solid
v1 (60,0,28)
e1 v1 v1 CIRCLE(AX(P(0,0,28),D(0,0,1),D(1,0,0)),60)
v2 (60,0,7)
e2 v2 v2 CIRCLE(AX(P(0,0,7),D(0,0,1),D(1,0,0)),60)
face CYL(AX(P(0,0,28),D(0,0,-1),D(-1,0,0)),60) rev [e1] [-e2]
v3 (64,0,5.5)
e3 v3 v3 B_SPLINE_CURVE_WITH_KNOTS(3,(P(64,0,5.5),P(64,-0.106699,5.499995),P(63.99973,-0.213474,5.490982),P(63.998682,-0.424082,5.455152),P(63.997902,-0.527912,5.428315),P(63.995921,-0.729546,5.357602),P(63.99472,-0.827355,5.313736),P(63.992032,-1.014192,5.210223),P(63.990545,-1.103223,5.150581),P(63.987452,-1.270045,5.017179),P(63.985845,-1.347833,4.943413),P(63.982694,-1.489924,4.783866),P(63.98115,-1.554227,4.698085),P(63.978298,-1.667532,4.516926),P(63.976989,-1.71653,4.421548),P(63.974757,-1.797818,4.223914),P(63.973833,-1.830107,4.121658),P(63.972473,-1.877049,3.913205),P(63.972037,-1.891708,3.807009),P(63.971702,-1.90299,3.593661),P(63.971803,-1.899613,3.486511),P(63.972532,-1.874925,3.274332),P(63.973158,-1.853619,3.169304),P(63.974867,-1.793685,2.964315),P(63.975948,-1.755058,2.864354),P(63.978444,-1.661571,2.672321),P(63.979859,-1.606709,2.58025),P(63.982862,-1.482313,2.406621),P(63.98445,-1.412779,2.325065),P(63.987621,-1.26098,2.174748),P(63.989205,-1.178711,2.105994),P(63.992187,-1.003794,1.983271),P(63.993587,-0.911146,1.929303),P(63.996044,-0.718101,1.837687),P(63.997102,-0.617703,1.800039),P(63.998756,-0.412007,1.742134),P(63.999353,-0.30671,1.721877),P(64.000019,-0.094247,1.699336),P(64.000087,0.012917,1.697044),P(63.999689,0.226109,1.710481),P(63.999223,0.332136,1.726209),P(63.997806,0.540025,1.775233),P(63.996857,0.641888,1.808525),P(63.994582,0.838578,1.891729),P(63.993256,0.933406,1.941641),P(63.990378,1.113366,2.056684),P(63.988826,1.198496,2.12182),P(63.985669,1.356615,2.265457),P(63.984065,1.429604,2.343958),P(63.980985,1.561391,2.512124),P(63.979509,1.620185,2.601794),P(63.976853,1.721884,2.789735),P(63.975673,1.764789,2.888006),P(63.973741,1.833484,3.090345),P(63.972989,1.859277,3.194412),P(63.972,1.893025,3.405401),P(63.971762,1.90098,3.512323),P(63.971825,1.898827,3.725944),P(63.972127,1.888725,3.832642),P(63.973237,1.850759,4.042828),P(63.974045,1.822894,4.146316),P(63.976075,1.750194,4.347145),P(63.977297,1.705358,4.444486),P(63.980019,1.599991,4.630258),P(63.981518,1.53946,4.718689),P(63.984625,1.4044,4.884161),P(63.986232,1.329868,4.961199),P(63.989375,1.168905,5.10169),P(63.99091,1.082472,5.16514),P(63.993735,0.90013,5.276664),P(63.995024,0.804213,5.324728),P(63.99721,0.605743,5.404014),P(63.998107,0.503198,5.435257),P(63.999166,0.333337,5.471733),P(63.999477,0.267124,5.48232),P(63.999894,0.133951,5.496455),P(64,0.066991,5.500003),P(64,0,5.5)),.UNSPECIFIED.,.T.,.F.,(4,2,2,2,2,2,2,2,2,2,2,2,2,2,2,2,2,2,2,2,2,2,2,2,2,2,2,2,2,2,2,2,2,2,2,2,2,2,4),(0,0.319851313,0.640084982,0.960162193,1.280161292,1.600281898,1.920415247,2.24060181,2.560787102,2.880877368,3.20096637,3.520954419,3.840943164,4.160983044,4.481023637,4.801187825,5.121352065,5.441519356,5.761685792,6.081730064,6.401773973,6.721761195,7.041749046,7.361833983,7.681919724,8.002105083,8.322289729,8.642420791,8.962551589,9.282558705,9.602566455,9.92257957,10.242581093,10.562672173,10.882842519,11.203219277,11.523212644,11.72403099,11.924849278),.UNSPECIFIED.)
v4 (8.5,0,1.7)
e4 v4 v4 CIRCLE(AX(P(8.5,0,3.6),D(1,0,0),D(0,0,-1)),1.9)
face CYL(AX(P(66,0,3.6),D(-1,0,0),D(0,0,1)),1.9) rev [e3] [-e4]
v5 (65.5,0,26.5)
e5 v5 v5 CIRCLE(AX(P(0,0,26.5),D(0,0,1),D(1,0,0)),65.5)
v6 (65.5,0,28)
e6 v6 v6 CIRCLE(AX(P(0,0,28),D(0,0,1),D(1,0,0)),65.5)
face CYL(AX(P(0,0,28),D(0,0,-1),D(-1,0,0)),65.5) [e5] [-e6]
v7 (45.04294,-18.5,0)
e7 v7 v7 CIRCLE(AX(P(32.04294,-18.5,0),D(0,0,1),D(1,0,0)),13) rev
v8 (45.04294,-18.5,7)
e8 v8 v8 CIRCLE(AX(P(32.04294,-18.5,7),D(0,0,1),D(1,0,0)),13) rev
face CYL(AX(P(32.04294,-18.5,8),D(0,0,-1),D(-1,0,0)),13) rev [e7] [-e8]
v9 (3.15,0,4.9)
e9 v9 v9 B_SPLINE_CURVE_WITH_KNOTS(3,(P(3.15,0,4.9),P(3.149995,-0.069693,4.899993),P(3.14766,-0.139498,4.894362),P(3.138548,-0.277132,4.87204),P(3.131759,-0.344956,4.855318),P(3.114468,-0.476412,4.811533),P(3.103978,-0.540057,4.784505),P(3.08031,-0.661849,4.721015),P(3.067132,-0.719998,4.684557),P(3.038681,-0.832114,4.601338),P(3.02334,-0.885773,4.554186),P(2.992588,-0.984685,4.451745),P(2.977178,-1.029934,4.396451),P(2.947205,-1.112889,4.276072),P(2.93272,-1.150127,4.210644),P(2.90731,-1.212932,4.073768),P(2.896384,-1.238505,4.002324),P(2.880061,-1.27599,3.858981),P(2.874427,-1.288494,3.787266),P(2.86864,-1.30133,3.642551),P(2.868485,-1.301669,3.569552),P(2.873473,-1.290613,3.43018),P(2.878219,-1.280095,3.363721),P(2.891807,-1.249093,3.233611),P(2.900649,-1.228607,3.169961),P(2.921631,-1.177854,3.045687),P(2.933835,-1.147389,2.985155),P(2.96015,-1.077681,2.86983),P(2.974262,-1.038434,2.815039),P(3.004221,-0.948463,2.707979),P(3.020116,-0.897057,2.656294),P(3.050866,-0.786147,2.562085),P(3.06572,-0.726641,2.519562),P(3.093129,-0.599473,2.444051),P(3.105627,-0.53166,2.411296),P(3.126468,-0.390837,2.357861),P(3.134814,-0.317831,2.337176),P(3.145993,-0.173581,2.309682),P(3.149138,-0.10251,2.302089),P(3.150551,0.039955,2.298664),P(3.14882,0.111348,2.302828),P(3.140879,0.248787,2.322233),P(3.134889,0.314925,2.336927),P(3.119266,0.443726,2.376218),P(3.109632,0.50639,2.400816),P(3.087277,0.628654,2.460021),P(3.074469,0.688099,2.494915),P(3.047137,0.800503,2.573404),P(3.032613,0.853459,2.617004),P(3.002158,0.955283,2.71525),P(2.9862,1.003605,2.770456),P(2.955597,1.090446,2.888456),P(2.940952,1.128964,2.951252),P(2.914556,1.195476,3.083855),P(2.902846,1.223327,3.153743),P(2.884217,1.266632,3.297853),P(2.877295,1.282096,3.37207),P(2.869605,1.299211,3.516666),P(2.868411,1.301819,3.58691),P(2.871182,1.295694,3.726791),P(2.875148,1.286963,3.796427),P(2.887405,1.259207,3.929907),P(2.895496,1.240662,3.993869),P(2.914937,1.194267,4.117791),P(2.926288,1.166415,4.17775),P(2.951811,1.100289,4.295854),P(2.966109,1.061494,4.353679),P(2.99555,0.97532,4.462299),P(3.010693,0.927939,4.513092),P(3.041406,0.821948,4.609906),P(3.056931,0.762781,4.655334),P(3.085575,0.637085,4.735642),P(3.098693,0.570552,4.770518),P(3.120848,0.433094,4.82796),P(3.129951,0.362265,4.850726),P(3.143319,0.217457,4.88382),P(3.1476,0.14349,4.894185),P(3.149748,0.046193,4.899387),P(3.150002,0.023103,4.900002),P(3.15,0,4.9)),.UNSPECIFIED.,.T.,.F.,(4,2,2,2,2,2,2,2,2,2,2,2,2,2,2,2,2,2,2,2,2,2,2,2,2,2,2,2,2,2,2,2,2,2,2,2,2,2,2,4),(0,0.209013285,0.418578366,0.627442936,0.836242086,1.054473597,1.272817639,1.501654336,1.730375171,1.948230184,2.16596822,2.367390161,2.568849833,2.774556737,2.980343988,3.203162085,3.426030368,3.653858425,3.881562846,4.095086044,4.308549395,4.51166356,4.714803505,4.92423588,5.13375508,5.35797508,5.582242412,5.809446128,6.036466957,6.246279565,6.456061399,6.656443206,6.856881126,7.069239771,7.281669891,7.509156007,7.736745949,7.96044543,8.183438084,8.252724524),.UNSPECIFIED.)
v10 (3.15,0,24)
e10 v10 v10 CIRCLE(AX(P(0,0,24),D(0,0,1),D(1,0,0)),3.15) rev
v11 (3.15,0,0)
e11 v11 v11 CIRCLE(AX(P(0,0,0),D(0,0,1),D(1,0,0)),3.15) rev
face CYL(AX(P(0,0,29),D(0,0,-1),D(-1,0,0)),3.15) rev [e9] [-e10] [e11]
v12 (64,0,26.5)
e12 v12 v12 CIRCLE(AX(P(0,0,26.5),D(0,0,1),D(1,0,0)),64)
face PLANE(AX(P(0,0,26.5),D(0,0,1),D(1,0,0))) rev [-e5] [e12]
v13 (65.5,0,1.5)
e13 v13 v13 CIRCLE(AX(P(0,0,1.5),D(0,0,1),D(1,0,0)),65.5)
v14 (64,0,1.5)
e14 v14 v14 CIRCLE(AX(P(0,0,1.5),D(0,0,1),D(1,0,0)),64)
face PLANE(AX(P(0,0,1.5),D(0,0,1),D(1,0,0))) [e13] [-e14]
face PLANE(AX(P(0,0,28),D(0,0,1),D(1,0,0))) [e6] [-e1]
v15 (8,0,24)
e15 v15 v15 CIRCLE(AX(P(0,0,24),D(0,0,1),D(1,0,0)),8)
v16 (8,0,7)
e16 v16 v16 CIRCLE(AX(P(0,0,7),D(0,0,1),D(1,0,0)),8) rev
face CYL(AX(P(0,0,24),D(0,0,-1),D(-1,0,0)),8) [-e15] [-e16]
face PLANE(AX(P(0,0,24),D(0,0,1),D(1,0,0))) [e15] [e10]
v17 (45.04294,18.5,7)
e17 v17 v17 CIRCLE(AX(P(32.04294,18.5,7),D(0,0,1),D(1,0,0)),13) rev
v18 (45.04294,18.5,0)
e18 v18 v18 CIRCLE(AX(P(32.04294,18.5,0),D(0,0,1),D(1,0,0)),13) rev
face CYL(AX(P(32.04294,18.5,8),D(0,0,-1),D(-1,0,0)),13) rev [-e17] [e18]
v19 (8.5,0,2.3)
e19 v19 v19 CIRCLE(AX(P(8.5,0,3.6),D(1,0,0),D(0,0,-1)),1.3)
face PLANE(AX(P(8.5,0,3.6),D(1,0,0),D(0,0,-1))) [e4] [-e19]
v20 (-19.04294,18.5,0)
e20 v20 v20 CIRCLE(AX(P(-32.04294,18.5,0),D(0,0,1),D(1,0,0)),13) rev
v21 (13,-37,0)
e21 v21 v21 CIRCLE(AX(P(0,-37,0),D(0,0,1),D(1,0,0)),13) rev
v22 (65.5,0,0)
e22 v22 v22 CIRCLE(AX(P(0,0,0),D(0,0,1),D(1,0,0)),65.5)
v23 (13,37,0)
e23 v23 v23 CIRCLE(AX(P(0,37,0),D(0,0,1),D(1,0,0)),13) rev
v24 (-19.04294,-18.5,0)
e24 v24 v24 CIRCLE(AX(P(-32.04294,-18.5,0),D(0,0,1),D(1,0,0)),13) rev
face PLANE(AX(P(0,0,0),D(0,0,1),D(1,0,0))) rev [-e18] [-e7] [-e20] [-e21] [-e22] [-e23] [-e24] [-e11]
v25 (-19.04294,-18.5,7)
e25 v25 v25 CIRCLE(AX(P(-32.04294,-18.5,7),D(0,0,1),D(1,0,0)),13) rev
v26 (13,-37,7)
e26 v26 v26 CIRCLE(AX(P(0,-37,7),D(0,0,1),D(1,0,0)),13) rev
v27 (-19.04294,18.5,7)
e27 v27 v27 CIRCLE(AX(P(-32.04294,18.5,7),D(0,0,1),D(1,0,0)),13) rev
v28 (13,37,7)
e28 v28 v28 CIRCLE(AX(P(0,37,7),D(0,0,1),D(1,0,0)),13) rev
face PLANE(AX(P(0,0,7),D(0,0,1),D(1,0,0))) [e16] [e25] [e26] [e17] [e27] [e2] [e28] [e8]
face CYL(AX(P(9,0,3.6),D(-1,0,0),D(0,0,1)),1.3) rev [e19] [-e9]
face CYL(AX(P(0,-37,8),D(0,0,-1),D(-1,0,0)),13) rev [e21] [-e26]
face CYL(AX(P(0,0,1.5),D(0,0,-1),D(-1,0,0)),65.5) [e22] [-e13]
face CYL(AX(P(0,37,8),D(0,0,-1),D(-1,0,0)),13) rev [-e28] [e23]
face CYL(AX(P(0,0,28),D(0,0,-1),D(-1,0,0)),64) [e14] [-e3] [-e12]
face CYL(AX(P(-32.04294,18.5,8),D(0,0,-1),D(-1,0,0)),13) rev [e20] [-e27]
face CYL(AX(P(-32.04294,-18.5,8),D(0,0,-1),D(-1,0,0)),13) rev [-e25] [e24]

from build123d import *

# Parameters (mm, degrees)
SKETCH1_R              = 64
SKETCH1_R_2            = 60
RIM_DEPTH              = 28
SKETCH2_R              = 65.5
SKETCH2_R_2            = 63
INNER_BEAD_LIP_DEPTH   = 1.5
SKETCH3_R              = 65.5
SKETCH3_R_2            = 63
OUTER_BEAD_LIP_DEPTH   = 1.5
SKETCH4_R              = 61
WEB_DEPTH              = 7
SKETCH5_R              = 8
HUB_BOSS_DEPTH         = 24
SKETCH6_R              = 13
LIGHTENING_HOLES_DEPTH = 9
SKETCH7_R              = 3.15
ROUND_BORE_6MM_DEPTH   = 30
SKETCH8_R              = 1.3
GRUB_SCREW_M3_DEPTH    = 9
SKETCH9_R              = 1.9
GRUB_KEY_ACCESS_DEPTH  = 57.5


with BuildPart() as part:
    # Sketch1 → Rim (new body)
    with BuildSketch(Plane.XY):
        Circle(SKETCH1_R)
        Circle(SKETCH1_R_2, mode=Mode.SUBTRACT)
    extrude(amount=RIM_DEPTH)

    # Sketch2 → Inner_bead_lip (add)
    with BuildSketch(Plane.XY):
        Circle(SKETCH2_R)
        Circle(SKETCH2_R_2, mode=Mode.SUBTRACT)
    extrude(amount=INNER_BEAD_LIP_DEPTH)

    # Sketch3 → Outer_bead_lip (add)
    with BuildSketch(Plane.XY.offset(26.5)):
        Circle(SKETCH3_R)
        Circle(SKETCH3_R_2, mode=Mode.SUBTRACT)
    extrude(amount=OUTER_BEAD_LIP_DEPTH)

    # Sketch4 → Web (add)
    with BuildSketch(Plane.XY):
        Circle(SKETCH4_R)
    extrude(amount=WEB_DEPTH)

    # Sketch5 → Hub_boss (add)
    with BuildSketch(Plane.XY):
        Circle(SKETCH5_R)
    extrude(amount=HUB_BOSS_DEPTH)

    # Sketch6 → Lightening_holes (cut)
    with BuildSketch(Plane.XY.offset(-1)):
        with Locations((32.04293994, 18.5)):
            Circle(SKETCH6_R)
        with Locations((0, 37)):
            Circle(SKETCH6_R)
        with Locations((-32.04293994, 18.5)):
            Circle(SKETCH6_R)
        with Locations((-32.04293994, -18.5)):
            Circle(SKETCH6_R)
        with Locations((0, -37)):
            Circle(SKETCH6_R)
        with Locations((32.04293994, -18.5)):
            Circle(SKETCH6_R)
    extrude(amount=LIGHTENING_HOLES_DEPTH, mode=Mode.SUBTRACT)

    # Sketch7 → Round_bore_6mm (cut)
    with BuildSketch(Plane.XY.offset(-1)):
        Circle(SKETCH7_R)
    extrude(amount=ROUND_BORE_6MM_DEPTH, mode=Mode.SUBTRACT)

    # Sketch8 → Grub_screw_M3 (cut)
    with BuildSketch(Plane(origin=(0, 0, 0), x_dir=(0, 0, -1), z_dir=(1, 0, 0))):
        with Locations((-3.6, 0)):
            Circle(SKETCH8_R)
    extrude(amount=GRUB_SCREW_M3_DEPTH, mode=Mode.SUBTRACT)

    # Sketch9 → Grub_key_access (cut)
    with BuildSketch(Plane(origin=(8.5, 0, 0), x_dir=(0, 0, -1), z_dir=(1, 0, 0))):
        with Locations((-3.6, 0)):
            Circle(SKETCH9_R)
    extrude(amount=GRUB_KEY_ACCESS_DEPTH, mode=Mode.SUBTRACT)


solid = part.part
